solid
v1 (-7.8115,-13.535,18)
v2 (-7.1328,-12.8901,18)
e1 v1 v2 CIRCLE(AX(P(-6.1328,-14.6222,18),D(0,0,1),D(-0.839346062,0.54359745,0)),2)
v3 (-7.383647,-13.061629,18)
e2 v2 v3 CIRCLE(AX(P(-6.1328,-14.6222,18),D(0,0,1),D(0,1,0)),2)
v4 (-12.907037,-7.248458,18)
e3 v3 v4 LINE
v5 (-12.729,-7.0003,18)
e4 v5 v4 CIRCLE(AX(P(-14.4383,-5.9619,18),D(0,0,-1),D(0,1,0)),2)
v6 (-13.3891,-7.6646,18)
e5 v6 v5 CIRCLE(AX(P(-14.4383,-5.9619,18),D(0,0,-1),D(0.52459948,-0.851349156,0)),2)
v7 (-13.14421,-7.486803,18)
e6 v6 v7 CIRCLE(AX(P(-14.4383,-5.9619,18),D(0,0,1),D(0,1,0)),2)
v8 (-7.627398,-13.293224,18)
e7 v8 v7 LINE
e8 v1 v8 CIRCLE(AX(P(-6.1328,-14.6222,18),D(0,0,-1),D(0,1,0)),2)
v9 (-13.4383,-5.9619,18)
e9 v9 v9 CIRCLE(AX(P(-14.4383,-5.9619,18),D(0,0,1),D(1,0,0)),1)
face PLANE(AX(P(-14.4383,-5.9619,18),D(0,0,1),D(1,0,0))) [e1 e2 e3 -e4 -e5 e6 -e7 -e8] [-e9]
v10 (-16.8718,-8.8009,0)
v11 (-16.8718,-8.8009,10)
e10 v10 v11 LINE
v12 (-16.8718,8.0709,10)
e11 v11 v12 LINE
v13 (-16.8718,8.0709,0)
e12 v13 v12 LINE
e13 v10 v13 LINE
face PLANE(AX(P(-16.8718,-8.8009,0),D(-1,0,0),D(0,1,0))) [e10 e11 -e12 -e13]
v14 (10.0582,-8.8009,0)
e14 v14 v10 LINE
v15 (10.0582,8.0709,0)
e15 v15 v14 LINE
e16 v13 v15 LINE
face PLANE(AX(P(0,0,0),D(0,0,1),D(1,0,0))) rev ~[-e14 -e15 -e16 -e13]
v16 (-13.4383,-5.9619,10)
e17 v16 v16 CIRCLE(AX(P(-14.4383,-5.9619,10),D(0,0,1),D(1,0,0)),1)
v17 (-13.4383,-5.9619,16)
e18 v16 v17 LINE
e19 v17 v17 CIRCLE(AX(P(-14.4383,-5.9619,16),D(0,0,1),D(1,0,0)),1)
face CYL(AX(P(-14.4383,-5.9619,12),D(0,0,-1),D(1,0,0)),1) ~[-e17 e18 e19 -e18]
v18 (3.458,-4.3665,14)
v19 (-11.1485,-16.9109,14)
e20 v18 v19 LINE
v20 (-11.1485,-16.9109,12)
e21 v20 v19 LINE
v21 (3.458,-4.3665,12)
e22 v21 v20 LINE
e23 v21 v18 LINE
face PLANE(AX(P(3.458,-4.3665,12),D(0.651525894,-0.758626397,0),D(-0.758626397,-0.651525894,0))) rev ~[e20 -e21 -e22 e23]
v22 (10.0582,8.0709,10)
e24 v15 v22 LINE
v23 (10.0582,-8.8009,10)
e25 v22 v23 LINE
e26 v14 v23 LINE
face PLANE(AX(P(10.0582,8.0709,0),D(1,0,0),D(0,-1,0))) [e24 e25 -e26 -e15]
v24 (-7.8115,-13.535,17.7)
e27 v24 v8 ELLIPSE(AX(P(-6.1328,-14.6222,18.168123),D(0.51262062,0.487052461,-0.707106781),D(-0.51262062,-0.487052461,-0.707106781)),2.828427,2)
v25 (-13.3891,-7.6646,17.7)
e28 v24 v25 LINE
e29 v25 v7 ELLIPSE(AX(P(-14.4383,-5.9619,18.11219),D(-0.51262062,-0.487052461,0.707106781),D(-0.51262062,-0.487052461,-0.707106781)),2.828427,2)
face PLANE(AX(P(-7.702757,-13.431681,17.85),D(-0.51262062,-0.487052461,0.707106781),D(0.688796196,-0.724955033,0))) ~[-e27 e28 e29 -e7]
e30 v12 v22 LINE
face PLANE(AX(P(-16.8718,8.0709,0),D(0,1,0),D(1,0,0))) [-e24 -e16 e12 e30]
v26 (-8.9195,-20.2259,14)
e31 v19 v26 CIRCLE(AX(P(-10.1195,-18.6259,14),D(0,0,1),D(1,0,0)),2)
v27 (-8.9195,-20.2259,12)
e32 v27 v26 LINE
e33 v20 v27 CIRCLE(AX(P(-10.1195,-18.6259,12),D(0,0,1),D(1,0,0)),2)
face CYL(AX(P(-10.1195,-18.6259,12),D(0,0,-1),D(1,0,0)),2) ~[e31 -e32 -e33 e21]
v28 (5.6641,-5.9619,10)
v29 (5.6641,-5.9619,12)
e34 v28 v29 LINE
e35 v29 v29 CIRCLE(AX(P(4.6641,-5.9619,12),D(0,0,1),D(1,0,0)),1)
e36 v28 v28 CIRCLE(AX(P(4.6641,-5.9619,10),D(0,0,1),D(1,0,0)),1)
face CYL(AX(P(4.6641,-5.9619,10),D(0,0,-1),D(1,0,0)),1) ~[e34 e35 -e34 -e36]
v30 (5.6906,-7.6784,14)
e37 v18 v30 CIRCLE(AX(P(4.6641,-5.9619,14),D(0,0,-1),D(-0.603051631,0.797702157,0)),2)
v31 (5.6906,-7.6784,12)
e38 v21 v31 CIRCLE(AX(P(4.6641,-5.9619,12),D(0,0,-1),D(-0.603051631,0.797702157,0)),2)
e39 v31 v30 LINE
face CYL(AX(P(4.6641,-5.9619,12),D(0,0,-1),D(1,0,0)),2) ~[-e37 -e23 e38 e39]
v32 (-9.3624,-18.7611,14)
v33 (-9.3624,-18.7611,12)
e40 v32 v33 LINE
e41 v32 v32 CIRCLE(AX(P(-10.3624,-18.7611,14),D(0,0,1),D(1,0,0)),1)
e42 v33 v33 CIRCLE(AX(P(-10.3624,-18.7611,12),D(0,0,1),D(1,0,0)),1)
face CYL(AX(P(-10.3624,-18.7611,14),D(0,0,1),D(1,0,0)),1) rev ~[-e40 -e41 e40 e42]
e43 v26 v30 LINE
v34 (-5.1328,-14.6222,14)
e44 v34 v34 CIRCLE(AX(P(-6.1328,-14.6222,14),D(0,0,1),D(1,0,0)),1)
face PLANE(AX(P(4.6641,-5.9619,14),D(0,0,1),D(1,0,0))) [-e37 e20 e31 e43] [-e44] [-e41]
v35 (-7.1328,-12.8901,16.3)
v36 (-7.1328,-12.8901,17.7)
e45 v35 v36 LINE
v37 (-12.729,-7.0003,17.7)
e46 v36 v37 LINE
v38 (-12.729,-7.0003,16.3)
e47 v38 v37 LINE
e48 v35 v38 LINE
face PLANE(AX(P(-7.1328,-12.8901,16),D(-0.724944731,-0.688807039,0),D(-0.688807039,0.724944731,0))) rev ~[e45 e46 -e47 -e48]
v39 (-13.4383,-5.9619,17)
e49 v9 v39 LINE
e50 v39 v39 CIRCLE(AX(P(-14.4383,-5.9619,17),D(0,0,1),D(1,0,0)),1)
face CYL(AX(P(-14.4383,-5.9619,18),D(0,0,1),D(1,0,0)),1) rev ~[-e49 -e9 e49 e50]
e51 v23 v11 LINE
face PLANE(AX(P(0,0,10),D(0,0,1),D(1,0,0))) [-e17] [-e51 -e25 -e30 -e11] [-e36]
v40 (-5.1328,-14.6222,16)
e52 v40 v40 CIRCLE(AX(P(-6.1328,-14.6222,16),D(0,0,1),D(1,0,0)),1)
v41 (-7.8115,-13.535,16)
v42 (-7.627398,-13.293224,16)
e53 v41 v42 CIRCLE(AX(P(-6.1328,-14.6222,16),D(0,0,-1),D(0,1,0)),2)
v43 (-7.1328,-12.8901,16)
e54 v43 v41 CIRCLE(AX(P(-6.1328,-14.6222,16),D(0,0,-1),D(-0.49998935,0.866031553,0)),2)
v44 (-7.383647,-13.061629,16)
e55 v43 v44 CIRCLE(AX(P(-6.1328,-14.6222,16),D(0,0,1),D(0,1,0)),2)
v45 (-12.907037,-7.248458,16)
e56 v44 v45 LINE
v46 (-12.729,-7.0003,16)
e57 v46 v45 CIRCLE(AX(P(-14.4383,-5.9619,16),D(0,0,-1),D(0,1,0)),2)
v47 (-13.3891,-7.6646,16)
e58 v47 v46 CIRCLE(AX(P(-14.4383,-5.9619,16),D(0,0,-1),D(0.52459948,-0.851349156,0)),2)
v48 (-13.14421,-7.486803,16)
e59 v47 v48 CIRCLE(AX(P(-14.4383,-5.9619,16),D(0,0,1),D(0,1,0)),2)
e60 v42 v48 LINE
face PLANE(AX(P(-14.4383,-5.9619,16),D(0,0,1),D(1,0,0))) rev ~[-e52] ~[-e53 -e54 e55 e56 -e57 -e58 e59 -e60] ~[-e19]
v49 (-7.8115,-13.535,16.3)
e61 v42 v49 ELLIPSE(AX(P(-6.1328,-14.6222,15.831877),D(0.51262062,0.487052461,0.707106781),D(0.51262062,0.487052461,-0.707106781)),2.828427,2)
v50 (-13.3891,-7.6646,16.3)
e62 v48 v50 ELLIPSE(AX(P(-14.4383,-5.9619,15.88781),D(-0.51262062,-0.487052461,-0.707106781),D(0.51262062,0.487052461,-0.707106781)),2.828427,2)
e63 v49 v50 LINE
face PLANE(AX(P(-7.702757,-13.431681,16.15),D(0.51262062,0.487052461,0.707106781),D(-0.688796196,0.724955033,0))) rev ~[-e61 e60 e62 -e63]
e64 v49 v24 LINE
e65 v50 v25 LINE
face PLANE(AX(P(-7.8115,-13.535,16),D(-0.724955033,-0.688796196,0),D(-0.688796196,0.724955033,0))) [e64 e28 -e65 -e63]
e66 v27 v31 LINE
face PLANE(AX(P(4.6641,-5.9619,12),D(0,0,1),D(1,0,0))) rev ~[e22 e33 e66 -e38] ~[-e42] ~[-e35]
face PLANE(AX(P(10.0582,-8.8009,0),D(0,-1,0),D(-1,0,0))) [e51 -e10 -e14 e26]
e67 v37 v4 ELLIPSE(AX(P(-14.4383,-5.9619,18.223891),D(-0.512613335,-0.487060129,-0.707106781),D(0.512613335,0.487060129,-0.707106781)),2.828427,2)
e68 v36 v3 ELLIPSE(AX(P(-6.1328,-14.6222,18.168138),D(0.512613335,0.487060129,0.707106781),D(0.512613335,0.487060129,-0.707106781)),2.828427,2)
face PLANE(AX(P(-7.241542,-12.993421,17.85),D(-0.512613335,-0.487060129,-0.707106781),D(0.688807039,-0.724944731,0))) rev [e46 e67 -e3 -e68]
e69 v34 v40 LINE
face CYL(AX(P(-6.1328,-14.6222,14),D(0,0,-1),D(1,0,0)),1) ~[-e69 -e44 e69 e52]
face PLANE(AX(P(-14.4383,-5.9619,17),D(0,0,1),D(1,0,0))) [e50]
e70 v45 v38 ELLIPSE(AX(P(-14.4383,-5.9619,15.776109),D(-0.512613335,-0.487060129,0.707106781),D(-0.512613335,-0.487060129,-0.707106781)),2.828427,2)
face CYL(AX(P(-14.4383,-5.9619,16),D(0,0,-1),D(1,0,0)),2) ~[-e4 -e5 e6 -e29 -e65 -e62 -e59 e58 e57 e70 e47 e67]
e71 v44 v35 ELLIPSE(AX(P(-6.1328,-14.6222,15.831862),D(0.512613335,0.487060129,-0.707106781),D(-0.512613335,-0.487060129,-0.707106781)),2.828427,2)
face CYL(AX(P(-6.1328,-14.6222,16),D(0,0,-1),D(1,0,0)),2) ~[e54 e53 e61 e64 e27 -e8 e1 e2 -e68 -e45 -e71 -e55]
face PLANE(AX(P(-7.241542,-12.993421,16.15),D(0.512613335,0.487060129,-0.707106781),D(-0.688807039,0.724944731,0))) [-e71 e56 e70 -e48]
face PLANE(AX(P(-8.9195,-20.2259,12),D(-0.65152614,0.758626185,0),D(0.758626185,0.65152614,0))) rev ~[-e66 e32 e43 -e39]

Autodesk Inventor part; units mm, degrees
ref_plane "YZ Plane" through (0, 0, 0) normal (1, 0, 0) x (0, 1, 0)
ref_plane "XZ Plane" through (0, 0, 0) normal (0, 1, 0) x (-1, 0, 0)
ref_plane "XY Plane" through (0, 0, 0) normal (0, 0, 1) x (1, 0, 0)
sketch "Эскиз1" plane through (0, 0, 0) normal (0, 0, 1) x (1, 0, 0)
  line L0 (10.0582, -8.8009) -> (-16.8718, -8.8009)
  line L1 (-16.8718, -8.8009) -> (-16.8718, 8.0709)
  line L2 (-16.8718, 8.0709) -> (10.0582, 8.0709)
  line L3 (10.0582, 8.0709) -> (10.0582, -8.8009)
  point P0 (0, 0)
extrude "Выдавливание1" add sketch "Эскиз1" along normal blind 10
sketch "Эскиз2" plane through (0, 0, 10) normal (0, 0, 1) x (1, 0, 0)
  circle A0 centre (4.6641, -5.9619) radius 1
  circle A1 centre (-14.4383, -5.9619) radius 1
  point P0 (0, 0)
  dimension "d2" = 2
  dimension "d3" = 2
extrude "Выдавливание2" add sketch "Эскиз2" along normal blind 2
sketch "Эскиз3" plane through (4.6641, -5.9619, 12) normal (0, 0, 1) x (1, 0, 0)
  circle A0 centre (0, 0) radius 1 projected
  circle A1 centre (0, 0) radius 2
  circle A2 centre (-14.7836, -12.664) radius 2
  line L0 (-1.2061, 1.5954) -> (-15.8126, -10.949)
  line L1 (-13.5836, -14.264) -> (1.0265, -1.7165)
  point P0 (-4.6641, 5.9619)
  dimension "d6" = 4
  dimension "d7" = 4
extrude "Выдавливание3" add sketch "Эскиз3" along normal blind 2
sketch "Эскиз4" plane through (-14.4383, -5.9619, 12) normal (0, 0, 1) x (1, 0, 0)
  circle A0 centre (0, 0) radius 1
  point P0 (14.4383, 5.9619)
extrude "Выдавливание4" add sketch "Эскиз4" along normal blind 4
sketch "Эскиз5" plane through (4.6641, -5.9619, 14) normal (0, 0, 1) x (1, 0, 0)
  circle A0 centre (-10.7969, -8.6603) radius 1
  point P0 (-4.6641, 5.9619)
  dimension "d12" = 2
extrude "Выдавливание5" add sketch "Эскиз5" along normal blind 2
sketch "Эскиз6" plane through (4.6641, -5.9619, 14) normal (0, 0, 1) x (1, 0, 0)
  circle A0 centre (-15.0265, -12.7992) radius 1
  point P0 (-4.6641, 5.9619)
  dimension "d15" = 2
extrude "Выдавливание6" cut sketch "Эскиз6" against normal blind 10
sketch "Эскиз7" plane through (-14.4383, -5.9619, 16) normal (0, 0, 1) x (1, 0, 0)
  circle A0 centre (0, 0) radius 2
  circle A1 centre (8.3055, -8.6603) radius 1 projected
  circle A2 centre (8.3055, -8.6603) radius 2
  line L0 (7.3055, -6.9282) -> (1.7093, -1.0384)
  line L1 (6.6268, -7.5731) -> (1.0492, -1.7027)
  point P0 (14.4383, 5.9619)
  dimension "d18" = 4
  dimension "d19" = 4
extrude "Выдавливание7" add sketch "Эскиз7" along normal blind 2 contours A0 | A0 L0 A2 L1 | A2 | A1
sketch "Эскиз8" plane through (-14.4383, -5.9619, 18) normal (0, 0, 1) x (1, 0, 0)
  circle A0 centre (0, 0) radius 1
  point P0 (14.4383, 5.9619)
extrude "Выдавливание8" cut sketch "Эскиз8" against normal blind 1
chamfer "Фаска1" distance 0.3 angle 45 4 edges at (-9.9309, -9.9452, 18) (-9.9309, -9.9452, 16) (-10.6004, -10.5998, 16) (-10.6004, -10.5998, 18)
